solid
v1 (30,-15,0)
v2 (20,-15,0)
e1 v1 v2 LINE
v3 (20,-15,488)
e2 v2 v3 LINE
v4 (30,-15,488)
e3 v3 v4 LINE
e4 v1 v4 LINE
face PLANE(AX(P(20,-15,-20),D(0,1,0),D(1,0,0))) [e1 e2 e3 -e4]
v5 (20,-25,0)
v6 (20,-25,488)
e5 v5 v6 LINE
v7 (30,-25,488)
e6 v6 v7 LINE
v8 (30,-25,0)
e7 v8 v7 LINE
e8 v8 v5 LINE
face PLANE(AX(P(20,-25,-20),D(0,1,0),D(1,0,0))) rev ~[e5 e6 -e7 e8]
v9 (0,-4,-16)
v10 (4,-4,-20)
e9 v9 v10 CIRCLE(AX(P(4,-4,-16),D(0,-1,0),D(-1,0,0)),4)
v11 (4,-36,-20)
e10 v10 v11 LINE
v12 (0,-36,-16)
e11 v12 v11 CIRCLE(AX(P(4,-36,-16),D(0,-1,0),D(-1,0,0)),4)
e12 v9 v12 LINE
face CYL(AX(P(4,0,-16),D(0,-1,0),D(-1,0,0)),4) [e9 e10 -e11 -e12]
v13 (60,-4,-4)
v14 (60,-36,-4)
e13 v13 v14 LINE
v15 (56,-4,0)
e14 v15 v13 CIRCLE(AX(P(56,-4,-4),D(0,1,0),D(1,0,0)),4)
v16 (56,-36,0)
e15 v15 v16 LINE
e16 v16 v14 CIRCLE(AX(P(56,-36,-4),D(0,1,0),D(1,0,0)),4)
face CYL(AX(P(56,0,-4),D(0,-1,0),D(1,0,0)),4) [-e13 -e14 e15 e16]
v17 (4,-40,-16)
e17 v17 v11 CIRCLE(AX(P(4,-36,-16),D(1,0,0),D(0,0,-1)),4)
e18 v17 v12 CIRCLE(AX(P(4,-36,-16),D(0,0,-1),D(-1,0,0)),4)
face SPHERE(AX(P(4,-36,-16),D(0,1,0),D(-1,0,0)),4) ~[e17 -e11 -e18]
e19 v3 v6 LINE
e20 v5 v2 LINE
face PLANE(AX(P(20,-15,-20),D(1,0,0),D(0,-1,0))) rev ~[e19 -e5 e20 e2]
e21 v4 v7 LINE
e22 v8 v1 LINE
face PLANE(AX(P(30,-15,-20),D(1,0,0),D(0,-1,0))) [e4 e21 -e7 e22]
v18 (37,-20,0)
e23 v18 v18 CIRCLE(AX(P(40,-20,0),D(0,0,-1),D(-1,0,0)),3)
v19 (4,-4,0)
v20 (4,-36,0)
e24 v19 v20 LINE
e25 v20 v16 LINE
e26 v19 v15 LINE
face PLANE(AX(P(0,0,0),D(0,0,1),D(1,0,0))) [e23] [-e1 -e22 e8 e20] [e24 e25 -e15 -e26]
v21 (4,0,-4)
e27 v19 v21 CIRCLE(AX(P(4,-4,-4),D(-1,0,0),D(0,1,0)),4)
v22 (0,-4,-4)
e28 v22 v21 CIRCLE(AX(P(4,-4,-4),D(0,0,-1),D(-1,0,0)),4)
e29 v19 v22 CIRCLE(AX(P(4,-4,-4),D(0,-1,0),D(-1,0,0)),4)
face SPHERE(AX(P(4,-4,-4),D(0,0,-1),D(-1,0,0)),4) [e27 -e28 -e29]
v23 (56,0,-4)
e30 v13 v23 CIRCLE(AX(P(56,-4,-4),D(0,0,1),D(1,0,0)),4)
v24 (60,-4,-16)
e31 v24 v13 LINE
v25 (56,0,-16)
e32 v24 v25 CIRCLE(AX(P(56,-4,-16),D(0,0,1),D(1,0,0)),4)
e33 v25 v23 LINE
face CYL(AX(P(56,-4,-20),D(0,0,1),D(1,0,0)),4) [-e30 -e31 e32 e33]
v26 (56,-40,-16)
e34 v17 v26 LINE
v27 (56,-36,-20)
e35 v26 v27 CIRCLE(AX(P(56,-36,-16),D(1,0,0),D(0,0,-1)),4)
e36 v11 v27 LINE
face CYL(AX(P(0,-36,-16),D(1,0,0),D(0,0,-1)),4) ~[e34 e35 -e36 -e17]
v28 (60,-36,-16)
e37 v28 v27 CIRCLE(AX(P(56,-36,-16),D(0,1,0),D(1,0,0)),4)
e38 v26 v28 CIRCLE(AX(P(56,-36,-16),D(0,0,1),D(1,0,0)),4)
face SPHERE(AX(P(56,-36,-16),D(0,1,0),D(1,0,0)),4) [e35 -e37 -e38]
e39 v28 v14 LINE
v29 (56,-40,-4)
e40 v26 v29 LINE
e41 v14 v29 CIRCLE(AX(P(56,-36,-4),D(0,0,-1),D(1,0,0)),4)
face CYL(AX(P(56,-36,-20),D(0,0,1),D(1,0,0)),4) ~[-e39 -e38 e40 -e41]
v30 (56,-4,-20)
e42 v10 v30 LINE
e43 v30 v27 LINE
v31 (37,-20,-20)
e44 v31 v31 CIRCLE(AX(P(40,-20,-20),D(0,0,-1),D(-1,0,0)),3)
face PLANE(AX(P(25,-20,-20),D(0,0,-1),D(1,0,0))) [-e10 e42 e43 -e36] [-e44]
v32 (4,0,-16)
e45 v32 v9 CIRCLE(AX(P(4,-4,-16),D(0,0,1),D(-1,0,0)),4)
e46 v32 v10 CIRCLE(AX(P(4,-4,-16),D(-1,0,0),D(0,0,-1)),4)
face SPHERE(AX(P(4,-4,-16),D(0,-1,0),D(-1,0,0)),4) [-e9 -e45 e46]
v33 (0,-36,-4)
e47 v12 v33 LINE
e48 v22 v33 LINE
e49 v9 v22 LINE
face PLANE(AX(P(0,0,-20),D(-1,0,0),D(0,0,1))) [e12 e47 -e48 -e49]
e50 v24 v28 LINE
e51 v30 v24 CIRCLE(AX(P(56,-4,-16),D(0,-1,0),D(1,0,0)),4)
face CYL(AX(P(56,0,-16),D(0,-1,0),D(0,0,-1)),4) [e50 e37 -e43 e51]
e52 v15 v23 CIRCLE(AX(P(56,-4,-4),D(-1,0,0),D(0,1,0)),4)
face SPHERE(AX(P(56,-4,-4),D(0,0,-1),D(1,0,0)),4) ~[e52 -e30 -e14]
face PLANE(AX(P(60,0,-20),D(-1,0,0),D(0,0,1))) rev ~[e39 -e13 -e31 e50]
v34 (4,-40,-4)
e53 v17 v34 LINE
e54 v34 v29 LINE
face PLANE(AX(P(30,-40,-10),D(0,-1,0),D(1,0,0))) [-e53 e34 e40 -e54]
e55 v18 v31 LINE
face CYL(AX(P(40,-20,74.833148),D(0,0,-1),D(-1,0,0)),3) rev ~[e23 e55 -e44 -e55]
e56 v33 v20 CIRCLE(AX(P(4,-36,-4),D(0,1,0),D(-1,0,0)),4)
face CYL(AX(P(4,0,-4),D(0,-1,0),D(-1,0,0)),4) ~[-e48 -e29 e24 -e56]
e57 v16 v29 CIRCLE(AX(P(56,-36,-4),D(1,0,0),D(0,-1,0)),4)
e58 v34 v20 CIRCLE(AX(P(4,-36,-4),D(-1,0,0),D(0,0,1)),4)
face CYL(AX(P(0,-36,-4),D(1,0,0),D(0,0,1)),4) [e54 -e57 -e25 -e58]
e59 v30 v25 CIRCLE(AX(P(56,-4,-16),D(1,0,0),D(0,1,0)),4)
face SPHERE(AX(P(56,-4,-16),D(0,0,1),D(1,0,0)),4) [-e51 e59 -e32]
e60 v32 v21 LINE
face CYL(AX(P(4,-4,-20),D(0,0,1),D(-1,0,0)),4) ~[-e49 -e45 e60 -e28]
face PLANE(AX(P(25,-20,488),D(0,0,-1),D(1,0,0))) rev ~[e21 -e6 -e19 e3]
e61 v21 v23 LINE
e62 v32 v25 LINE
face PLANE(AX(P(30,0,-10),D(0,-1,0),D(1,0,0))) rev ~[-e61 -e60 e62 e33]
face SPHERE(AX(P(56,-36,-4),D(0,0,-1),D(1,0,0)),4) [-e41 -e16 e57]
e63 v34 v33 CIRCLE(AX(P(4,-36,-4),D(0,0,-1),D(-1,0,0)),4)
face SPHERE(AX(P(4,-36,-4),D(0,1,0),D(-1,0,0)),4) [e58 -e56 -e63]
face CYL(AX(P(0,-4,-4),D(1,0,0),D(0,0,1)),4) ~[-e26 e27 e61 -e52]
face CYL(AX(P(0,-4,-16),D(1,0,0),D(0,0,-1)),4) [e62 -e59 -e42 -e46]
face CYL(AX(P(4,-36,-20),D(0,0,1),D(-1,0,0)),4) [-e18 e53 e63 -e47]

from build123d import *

# Parameters (mm, degrees)
F0_W     = 60
F0_H     = 20
F1_DEPTH = 40
F3_R     = 4
F4_D     = 6
F5_W     = 10
F5_H     = 10
F6_DEPTH = 508


with BuildPart() as f1:
    # F0 (on Front) → F1 (new body)
    with BuildSketch(Plane.XZ):
        with Locations((30, -10)):
            Rectangle(F0_W, F0_H)
    extrude(amount=F1_DEPTH)

    # F3
    f3_edges = [f1.edges().sort_by_distance(p)[0] for p in [
        (60, 0, -10),
        (0, -20, -20),
        (0, 0, -10),
        (0, -20, 0),
        (0, -40, -10),
        (60, -20, -20),
        (60, -40, -10),
        (60, -20, 0),
        (30, -40, 0),
        (30, -40, -20),
        (30, 0, -20),
        (30, 0, 0),
    ]]
    fillet(f3_edges, radius=F3_R)

    # F4 (through all)
    with Locations(Plane.XY):
        with Locations((40, -20)):
            Hole(F4_D / 2)

    # F5 (on face) → F6 (join)
    with BuildSketch(Plane(origin=(0, 0, -20), x_dir=(1, 0, 0), z_dir=(0, 0, -1))):
        with Locations((25, 20)):
            Rectangle(F5_W, F5_H)
    extrude(amount=-F6_DEPTH)


solid = f1.part
